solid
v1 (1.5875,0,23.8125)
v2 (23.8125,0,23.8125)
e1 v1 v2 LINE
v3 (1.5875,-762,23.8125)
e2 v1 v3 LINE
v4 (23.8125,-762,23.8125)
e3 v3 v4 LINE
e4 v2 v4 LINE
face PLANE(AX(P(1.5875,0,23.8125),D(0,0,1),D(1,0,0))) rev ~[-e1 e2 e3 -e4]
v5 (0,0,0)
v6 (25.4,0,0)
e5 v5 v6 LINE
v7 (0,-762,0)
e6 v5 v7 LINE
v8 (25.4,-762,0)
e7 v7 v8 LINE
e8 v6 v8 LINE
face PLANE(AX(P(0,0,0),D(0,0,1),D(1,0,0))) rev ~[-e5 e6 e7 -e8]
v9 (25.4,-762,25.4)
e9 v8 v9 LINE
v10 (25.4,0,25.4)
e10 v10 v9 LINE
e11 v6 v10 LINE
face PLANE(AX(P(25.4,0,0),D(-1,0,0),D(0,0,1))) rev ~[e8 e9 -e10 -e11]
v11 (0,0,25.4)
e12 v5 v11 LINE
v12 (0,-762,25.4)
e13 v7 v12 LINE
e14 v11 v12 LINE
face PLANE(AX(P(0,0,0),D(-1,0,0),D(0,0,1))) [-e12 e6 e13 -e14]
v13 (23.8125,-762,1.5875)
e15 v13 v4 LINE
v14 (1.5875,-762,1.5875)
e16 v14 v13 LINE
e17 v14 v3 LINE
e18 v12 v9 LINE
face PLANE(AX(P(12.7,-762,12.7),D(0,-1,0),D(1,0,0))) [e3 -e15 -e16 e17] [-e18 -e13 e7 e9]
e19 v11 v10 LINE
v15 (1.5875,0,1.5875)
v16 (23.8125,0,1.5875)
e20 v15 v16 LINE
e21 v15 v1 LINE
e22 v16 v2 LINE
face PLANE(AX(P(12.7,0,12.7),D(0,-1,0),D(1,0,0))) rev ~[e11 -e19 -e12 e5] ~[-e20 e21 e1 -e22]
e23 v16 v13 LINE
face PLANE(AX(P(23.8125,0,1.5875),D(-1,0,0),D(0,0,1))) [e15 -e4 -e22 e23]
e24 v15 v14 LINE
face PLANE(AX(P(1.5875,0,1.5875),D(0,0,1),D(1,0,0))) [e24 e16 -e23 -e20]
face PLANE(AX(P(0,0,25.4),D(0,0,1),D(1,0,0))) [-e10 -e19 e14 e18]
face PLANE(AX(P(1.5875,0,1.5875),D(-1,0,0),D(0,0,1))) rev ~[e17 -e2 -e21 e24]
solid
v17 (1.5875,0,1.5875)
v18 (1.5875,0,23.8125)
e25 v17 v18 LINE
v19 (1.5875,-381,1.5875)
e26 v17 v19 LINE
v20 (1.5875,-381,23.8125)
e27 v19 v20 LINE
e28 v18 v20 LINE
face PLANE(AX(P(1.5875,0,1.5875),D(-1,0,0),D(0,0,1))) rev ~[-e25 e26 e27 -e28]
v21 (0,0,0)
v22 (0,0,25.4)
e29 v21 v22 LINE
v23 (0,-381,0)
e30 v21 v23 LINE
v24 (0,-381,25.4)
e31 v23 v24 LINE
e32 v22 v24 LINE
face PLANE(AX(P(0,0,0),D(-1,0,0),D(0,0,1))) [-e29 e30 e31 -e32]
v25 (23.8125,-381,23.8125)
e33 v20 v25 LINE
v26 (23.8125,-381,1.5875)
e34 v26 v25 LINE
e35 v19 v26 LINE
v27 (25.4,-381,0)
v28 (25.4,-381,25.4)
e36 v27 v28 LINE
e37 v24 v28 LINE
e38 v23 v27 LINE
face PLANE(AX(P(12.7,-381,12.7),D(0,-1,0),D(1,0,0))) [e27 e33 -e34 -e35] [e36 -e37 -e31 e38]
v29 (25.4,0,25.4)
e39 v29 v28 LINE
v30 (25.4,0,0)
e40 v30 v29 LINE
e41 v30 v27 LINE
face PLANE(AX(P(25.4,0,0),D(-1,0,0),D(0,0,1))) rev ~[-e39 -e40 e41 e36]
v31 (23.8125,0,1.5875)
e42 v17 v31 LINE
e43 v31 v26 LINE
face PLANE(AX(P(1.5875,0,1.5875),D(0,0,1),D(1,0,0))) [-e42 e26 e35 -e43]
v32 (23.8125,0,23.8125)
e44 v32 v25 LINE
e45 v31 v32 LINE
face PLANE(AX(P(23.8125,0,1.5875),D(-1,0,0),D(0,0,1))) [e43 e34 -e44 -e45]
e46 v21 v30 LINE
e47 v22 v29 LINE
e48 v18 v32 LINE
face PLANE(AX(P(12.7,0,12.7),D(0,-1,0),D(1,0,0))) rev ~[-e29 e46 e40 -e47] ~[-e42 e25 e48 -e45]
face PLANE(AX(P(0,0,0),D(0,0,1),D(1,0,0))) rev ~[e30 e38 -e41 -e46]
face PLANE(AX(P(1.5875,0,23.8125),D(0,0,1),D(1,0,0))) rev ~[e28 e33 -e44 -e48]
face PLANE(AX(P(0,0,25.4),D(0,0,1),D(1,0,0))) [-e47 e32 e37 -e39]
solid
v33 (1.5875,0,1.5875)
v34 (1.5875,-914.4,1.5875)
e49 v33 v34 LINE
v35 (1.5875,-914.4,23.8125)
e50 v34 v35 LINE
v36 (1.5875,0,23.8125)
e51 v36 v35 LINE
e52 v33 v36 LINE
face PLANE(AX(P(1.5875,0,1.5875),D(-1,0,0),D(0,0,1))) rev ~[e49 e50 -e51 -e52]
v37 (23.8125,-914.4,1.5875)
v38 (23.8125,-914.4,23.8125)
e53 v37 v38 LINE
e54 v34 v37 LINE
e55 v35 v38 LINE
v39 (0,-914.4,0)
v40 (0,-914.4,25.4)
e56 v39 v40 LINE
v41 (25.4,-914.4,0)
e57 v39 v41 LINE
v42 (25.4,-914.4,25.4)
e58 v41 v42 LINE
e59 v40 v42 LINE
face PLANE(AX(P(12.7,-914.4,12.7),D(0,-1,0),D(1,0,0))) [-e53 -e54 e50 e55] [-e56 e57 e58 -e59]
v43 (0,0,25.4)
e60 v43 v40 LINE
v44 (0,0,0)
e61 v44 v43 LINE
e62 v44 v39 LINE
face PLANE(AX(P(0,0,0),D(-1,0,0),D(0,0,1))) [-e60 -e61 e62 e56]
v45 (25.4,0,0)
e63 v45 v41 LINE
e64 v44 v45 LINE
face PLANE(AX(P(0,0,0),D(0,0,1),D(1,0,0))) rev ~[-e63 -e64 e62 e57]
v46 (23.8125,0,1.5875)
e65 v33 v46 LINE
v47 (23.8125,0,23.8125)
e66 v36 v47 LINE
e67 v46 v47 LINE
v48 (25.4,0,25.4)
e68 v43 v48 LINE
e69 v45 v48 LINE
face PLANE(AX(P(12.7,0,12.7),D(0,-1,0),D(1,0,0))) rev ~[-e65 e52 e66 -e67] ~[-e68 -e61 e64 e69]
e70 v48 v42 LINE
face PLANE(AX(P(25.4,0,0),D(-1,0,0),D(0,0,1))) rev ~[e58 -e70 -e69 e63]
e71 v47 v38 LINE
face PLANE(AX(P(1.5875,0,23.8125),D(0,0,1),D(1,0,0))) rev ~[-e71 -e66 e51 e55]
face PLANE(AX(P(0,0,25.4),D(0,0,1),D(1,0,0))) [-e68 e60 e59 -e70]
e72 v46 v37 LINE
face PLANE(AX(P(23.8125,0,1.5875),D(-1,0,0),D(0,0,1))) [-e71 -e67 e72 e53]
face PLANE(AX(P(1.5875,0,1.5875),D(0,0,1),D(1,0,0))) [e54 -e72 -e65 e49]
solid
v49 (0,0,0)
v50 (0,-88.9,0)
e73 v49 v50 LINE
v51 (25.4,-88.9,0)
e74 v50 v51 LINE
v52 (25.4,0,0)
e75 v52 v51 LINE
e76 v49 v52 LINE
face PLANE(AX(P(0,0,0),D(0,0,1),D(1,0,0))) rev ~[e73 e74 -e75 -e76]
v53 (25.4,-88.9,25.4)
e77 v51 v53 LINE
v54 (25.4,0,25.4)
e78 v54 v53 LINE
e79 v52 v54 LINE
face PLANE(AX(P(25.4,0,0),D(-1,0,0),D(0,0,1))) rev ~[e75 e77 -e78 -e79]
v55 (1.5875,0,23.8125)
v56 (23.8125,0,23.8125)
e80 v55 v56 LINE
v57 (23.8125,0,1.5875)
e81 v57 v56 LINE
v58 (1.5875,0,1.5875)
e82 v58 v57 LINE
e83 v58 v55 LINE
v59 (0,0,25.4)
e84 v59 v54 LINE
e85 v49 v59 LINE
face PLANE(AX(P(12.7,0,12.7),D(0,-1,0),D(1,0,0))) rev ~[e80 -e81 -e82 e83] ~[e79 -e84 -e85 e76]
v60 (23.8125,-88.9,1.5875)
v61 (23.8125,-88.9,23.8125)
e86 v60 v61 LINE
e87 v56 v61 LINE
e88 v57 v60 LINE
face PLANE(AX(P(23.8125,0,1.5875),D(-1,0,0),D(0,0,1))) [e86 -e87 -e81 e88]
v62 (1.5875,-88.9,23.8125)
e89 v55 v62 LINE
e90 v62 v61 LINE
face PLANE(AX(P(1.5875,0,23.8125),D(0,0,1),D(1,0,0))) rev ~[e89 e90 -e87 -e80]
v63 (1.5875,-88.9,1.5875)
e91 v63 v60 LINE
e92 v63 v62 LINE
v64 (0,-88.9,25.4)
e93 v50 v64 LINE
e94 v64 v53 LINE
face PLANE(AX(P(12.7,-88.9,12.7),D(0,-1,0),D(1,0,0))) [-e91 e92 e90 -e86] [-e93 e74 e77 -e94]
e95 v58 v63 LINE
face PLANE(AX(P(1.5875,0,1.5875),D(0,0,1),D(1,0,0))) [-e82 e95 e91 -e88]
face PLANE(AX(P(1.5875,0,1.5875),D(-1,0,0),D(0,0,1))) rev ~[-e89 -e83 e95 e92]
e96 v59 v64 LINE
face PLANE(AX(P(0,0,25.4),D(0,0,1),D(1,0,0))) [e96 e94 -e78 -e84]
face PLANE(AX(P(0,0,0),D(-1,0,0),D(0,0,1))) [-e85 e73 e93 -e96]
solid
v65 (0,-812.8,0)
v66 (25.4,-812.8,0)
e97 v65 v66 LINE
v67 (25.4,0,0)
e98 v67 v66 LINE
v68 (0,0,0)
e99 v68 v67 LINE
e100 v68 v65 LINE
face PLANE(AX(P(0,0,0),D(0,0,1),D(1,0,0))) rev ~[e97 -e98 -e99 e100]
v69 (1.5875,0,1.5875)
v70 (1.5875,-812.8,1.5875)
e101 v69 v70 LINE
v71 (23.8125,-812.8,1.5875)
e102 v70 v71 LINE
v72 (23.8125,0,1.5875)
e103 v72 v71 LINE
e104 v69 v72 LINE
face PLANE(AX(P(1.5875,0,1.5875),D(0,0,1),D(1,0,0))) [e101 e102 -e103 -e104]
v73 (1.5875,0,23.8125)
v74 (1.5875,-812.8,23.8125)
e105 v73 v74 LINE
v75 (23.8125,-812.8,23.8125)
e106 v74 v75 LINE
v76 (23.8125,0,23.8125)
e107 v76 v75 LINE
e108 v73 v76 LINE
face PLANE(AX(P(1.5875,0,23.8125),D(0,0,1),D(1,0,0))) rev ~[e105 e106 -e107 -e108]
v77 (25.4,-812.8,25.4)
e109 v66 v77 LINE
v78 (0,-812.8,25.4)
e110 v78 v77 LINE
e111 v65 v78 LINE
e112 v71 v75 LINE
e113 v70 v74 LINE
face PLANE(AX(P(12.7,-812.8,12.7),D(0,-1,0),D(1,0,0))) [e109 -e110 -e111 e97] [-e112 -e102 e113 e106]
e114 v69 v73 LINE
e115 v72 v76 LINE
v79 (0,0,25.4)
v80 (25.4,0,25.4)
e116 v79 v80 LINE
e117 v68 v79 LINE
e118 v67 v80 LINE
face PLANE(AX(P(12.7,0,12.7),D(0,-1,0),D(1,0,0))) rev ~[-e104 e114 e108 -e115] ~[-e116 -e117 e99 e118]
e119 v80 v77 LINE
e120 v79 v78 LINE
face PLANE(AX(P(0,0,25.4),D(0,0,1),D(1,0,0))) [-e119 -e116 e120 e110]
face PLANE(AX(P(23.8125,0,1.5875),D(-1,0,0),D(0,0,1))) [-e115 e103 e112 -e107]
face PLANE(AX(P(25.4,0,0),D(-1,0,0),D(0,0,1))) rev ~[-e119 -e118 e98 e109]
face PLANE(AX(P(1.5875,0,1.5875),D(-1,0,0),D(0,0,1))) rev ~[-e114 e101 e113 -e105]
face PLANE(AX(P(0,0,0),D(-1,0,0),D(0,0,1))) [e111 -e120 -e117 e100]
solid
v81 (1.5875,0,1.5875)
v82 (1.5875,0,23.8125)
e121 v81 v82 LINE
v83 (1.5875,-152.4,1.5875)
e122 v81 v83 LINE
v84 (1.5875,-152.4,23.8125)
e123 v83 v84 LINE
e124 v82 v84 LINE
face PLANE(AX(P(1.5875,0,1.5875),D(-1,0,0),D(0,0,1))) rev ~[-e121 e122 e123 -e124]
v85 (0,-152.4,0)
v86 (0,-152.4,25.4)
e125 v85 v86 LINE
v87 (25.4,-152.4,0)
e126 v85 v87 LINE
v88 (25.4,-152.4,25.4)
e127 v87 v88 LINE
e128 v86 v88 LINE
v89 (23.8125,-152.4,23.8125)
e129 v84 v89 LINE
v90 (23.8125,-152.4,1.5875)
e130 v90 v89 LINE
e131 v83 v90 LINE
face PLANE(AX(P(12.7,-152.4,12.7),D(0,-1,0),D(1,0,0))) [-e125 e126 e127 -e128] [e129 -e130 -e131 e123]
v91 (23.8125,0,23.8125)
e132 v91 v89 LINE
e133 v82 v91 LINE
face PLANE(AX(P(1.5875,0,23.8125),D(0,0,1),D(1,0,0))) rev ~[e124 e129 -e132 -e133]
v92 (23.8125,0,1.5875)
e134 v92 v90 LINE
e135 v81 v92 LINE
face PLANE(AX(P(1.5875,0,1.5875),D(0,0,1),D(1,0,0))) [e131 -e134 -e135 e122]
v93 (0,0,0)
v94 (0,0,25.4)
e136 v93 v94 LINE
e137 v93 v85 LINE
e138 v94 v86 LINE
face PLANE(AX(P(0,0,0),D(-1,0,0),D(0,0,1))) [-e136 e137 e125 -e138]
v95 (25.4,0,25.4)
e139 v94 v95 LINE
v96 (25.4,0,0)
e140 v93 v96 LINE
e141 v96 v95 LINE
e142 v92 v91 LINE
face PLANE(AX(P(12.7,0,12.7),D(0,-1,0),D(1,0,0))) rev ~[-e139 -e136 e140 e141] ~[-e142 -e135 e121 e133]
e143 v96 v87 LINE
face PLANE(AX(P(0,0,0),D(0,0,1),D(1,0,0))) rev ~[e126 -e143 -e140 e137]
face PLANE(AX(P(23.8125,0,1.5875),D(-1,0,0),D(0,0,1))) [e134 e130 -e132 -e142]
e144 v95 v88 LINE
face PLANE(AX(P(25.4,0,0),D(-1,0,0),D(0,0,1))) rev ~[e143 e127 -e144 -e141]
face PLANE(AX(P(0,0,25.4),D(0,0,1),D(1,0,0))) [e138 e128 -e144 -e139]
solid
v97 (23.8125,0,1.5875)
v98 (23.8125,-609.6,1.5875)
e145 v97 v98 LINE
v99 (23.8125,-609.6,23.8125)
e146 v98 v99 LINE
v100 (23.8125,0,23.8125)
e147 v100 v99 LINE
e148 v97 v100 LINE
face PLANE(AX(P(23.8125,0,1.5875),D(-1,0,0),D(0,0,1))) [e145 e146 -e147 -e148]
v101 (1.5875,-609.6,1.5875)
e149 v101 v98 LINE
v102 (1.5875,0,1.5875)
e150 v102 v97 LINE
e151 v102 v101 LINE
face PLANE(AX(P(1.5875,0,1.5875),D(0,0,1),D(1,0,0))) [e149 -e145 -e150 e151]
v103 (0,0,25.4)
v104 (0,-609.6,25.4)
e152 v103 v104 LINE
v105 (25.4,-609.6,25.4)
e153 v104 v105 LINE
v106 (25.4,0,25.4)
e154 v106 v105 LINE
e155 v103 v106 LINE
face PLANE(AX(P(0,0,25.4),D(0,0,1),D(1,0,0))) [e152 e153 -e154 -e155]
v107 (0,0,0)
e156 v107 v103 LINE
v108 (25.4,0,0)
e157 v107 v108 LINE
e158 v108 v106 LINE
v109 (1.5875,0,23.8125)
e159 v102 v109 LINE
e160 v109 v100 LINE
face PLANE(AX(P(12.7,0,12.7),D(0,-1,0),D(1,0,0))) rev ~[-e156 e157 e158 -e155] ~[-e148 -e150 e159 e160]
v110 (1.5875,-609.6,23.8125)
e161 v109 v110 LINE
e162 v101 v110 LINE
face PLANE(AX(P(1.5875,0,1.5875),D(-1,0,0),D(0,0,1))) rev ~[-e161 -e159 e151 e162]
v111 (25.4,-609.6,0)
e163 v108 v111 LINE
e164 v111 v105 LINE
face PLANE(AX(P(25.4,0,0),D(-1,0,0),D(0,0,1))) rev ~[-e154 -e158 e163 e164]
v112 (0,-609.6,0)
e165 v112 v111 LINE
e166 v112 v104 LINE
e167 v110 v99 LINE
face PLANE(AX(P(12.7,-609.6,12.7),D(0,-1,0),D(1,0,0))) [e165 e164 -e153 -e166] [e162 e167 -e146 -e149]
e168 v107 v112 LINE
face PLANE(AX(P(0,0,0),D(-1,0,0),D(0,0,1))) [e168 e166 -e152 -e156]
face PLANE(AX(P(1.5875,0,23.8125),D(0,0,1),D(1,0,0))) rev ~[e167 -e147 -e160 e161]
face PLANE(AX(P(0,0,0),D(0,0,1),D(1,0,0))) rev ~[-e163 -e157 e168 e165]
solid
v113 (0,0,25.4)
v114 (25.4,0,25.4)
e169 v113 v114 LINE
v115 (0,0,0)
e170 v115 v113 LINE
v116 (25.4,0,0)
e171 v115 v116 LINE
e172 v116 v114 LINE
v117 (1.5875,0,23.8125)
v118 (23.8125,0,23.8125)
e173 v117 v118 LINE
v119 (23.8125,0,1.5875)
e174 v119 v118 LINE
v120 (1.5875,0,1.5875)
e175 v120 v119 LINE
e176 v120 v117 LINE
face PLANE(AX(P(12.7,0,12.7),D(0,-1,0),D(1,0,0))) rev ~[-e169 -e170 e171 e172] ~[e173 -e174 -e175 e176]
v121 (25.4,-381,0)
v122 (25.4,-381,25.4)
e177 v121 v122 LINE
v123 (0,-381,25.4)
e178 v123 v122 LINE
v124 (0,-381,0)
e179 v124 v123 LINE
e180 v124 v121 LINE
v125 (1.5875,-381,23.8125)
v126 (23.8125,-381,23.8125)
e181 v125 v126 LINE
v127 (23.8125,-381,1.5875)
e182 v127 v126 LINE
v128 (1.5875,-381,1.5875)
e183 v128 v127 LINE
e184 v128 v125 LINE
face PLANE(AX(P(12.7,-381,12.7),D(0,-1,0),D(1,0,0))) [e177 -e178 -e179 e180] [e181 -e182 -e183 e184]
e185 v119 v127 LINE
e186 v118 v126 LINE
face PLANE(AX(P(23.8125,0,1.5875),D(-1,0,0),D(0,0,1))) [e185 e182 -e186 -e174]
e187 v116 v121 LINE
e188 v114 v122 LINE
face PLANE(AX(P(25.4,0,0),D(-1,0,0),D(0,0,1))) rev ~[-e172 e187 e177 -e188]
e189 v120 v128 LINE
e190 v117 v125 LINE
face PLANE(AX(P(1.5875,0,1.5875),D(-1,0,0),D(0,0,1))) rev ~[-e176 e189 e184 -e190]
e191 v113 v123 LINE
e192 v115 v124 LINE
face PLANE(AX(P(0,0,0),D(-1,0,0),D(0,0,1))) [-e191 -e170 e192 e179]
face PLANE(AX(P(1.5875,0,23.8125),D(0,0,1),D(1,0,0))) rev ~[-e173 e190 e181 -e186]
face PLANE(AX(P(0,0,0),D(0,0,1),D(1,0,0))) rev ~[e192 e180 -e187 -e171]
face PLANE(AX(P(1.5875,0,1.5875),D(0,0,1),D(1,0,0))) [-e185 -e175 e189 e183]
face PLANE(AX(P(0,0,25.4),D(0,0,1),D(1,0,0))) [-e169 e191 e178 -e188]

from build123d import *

# Parameters (mm, degrees)
F0_W     = 25.4
F0_H     = 25.4
F0_W_2   = 22.225
F0_H_2   = 22.225
F1_DEPTH = 914.4
F2_DEPTH = 152.4
F3_DEPTH = 381
F4_DEPTH = 381
F5_DEPTH = 609.6
F6_DEPTH = 812.8
F7_DEPTH = 88.9
F8_DEPTH = 762


with BuildPart() as f1:
    # F0 (on Front) → F1 (new body)
    with BuildSketch(Plane.XZ):
        with Locations((12.7, 12.7)):
            Rectangle(F0_W, F0_H)
        with Locations((12.7, 12.7)):
            Rectangle(F0_W_2, F0_H_2, mode=Mode.SUBTRACT)
    extrude(amount=F1_DEPTH)


with BuildPart() as f2:
    # F0 (on Front) → F2 (new body)
    with BuildSketch(Plane.XZ):
        with Locations((12.7, 12.7)):
            Rectangle(F0_W, F0_H)
        with Locations((12.7, 12.7)):
            Rectangle(F0_W_2, F0_H_2, mode=Mode.SUBTRACT)
    extrude(amount=F2_DEPTH)


with BuildPart() as f3:
    # F0 (on Front) → F3 (new body)
    with BuildSketch(Plane.XZ):
        with Locations((12.7, 12.7)):
            Rectangle(F0_W, F0_H)
        with Locations((12.7, 12.7)):
            Rectangle(F0_W_2, F0_H_2, mode=Mode.SUBTRACT)
    extrude(amount=F3_DEPTH)


with BuildPart() as f4:
    # F0 (on Front) → F4 (new body)
    with BuildSketch(Plane.XZ):
        with Locations((12.7, 12.7)):
            Rectangle(F0_W, F0_H)
        with Locations((12.7, 12.7)):
            Rectangle(F0_W_2, F0_H_2, mode=Mode.SUBTRACT)
    extrude(amount=F4_DEPTH)


with BuildPart() as f5:
    # F0 (on Front) → F5 (new body)
    with BuildSketch(Plane.XZ):
        with Locations((12.7, 12.7)):
            Rectangle(F0_W, F0_H)
        with Locations((12.7, 12.7)):
            Rectangle(F0_W_2, F0_H_2, mode=Mode.SUBTRACT)
    extrude(amount=F5_DEPTH)


with BuildPart() as f6:
    # F0 (on Front) → F6 (new body)
    with BuildSketch(Plane.XZ):
        with Locations((12.7, 12.7)):
            Rectangle(F0_W, F0_H)
        with Locations((12.7, 12.7)):
            Rectangle(F0_W_2, F0_H_2, mode=Mode.SUBTRACT)
    extrude(amount=F6_DEPTH)


with BuildPart() as f7:
    # F0 (on Front) → F7 (new body)
    with BuildSketch(Plane.XZ):
        with Locations((12.7, 12.7)):
            Rectangle(F0_W, F0_H)
        with Locations((12.7, 12.7)):
            Rectangle(F0_W_2, F0_H_2, mode=Mode.SUBTRACT)
    extrude(amount=F7_DEPTH)


with BuildPart() as f8:
    # F0 (on Front) → F8 (new body)
    with BuildSketch(Plane.XZ):
        with Locations((12.7, 12.7)):
            Rectangle(F0_W, F0_H)
        with Locations((12.7, 12.7)):
            Rectangle(F0_W_2, F0_H_2, mode=Mode.SUBTRACT)
    extrude(amount=F8_DEPTH)


solid = Compound([f1.part, f2.part, f3.part, f4.part, f5.part, f6.part, f7.part, f8.part])
